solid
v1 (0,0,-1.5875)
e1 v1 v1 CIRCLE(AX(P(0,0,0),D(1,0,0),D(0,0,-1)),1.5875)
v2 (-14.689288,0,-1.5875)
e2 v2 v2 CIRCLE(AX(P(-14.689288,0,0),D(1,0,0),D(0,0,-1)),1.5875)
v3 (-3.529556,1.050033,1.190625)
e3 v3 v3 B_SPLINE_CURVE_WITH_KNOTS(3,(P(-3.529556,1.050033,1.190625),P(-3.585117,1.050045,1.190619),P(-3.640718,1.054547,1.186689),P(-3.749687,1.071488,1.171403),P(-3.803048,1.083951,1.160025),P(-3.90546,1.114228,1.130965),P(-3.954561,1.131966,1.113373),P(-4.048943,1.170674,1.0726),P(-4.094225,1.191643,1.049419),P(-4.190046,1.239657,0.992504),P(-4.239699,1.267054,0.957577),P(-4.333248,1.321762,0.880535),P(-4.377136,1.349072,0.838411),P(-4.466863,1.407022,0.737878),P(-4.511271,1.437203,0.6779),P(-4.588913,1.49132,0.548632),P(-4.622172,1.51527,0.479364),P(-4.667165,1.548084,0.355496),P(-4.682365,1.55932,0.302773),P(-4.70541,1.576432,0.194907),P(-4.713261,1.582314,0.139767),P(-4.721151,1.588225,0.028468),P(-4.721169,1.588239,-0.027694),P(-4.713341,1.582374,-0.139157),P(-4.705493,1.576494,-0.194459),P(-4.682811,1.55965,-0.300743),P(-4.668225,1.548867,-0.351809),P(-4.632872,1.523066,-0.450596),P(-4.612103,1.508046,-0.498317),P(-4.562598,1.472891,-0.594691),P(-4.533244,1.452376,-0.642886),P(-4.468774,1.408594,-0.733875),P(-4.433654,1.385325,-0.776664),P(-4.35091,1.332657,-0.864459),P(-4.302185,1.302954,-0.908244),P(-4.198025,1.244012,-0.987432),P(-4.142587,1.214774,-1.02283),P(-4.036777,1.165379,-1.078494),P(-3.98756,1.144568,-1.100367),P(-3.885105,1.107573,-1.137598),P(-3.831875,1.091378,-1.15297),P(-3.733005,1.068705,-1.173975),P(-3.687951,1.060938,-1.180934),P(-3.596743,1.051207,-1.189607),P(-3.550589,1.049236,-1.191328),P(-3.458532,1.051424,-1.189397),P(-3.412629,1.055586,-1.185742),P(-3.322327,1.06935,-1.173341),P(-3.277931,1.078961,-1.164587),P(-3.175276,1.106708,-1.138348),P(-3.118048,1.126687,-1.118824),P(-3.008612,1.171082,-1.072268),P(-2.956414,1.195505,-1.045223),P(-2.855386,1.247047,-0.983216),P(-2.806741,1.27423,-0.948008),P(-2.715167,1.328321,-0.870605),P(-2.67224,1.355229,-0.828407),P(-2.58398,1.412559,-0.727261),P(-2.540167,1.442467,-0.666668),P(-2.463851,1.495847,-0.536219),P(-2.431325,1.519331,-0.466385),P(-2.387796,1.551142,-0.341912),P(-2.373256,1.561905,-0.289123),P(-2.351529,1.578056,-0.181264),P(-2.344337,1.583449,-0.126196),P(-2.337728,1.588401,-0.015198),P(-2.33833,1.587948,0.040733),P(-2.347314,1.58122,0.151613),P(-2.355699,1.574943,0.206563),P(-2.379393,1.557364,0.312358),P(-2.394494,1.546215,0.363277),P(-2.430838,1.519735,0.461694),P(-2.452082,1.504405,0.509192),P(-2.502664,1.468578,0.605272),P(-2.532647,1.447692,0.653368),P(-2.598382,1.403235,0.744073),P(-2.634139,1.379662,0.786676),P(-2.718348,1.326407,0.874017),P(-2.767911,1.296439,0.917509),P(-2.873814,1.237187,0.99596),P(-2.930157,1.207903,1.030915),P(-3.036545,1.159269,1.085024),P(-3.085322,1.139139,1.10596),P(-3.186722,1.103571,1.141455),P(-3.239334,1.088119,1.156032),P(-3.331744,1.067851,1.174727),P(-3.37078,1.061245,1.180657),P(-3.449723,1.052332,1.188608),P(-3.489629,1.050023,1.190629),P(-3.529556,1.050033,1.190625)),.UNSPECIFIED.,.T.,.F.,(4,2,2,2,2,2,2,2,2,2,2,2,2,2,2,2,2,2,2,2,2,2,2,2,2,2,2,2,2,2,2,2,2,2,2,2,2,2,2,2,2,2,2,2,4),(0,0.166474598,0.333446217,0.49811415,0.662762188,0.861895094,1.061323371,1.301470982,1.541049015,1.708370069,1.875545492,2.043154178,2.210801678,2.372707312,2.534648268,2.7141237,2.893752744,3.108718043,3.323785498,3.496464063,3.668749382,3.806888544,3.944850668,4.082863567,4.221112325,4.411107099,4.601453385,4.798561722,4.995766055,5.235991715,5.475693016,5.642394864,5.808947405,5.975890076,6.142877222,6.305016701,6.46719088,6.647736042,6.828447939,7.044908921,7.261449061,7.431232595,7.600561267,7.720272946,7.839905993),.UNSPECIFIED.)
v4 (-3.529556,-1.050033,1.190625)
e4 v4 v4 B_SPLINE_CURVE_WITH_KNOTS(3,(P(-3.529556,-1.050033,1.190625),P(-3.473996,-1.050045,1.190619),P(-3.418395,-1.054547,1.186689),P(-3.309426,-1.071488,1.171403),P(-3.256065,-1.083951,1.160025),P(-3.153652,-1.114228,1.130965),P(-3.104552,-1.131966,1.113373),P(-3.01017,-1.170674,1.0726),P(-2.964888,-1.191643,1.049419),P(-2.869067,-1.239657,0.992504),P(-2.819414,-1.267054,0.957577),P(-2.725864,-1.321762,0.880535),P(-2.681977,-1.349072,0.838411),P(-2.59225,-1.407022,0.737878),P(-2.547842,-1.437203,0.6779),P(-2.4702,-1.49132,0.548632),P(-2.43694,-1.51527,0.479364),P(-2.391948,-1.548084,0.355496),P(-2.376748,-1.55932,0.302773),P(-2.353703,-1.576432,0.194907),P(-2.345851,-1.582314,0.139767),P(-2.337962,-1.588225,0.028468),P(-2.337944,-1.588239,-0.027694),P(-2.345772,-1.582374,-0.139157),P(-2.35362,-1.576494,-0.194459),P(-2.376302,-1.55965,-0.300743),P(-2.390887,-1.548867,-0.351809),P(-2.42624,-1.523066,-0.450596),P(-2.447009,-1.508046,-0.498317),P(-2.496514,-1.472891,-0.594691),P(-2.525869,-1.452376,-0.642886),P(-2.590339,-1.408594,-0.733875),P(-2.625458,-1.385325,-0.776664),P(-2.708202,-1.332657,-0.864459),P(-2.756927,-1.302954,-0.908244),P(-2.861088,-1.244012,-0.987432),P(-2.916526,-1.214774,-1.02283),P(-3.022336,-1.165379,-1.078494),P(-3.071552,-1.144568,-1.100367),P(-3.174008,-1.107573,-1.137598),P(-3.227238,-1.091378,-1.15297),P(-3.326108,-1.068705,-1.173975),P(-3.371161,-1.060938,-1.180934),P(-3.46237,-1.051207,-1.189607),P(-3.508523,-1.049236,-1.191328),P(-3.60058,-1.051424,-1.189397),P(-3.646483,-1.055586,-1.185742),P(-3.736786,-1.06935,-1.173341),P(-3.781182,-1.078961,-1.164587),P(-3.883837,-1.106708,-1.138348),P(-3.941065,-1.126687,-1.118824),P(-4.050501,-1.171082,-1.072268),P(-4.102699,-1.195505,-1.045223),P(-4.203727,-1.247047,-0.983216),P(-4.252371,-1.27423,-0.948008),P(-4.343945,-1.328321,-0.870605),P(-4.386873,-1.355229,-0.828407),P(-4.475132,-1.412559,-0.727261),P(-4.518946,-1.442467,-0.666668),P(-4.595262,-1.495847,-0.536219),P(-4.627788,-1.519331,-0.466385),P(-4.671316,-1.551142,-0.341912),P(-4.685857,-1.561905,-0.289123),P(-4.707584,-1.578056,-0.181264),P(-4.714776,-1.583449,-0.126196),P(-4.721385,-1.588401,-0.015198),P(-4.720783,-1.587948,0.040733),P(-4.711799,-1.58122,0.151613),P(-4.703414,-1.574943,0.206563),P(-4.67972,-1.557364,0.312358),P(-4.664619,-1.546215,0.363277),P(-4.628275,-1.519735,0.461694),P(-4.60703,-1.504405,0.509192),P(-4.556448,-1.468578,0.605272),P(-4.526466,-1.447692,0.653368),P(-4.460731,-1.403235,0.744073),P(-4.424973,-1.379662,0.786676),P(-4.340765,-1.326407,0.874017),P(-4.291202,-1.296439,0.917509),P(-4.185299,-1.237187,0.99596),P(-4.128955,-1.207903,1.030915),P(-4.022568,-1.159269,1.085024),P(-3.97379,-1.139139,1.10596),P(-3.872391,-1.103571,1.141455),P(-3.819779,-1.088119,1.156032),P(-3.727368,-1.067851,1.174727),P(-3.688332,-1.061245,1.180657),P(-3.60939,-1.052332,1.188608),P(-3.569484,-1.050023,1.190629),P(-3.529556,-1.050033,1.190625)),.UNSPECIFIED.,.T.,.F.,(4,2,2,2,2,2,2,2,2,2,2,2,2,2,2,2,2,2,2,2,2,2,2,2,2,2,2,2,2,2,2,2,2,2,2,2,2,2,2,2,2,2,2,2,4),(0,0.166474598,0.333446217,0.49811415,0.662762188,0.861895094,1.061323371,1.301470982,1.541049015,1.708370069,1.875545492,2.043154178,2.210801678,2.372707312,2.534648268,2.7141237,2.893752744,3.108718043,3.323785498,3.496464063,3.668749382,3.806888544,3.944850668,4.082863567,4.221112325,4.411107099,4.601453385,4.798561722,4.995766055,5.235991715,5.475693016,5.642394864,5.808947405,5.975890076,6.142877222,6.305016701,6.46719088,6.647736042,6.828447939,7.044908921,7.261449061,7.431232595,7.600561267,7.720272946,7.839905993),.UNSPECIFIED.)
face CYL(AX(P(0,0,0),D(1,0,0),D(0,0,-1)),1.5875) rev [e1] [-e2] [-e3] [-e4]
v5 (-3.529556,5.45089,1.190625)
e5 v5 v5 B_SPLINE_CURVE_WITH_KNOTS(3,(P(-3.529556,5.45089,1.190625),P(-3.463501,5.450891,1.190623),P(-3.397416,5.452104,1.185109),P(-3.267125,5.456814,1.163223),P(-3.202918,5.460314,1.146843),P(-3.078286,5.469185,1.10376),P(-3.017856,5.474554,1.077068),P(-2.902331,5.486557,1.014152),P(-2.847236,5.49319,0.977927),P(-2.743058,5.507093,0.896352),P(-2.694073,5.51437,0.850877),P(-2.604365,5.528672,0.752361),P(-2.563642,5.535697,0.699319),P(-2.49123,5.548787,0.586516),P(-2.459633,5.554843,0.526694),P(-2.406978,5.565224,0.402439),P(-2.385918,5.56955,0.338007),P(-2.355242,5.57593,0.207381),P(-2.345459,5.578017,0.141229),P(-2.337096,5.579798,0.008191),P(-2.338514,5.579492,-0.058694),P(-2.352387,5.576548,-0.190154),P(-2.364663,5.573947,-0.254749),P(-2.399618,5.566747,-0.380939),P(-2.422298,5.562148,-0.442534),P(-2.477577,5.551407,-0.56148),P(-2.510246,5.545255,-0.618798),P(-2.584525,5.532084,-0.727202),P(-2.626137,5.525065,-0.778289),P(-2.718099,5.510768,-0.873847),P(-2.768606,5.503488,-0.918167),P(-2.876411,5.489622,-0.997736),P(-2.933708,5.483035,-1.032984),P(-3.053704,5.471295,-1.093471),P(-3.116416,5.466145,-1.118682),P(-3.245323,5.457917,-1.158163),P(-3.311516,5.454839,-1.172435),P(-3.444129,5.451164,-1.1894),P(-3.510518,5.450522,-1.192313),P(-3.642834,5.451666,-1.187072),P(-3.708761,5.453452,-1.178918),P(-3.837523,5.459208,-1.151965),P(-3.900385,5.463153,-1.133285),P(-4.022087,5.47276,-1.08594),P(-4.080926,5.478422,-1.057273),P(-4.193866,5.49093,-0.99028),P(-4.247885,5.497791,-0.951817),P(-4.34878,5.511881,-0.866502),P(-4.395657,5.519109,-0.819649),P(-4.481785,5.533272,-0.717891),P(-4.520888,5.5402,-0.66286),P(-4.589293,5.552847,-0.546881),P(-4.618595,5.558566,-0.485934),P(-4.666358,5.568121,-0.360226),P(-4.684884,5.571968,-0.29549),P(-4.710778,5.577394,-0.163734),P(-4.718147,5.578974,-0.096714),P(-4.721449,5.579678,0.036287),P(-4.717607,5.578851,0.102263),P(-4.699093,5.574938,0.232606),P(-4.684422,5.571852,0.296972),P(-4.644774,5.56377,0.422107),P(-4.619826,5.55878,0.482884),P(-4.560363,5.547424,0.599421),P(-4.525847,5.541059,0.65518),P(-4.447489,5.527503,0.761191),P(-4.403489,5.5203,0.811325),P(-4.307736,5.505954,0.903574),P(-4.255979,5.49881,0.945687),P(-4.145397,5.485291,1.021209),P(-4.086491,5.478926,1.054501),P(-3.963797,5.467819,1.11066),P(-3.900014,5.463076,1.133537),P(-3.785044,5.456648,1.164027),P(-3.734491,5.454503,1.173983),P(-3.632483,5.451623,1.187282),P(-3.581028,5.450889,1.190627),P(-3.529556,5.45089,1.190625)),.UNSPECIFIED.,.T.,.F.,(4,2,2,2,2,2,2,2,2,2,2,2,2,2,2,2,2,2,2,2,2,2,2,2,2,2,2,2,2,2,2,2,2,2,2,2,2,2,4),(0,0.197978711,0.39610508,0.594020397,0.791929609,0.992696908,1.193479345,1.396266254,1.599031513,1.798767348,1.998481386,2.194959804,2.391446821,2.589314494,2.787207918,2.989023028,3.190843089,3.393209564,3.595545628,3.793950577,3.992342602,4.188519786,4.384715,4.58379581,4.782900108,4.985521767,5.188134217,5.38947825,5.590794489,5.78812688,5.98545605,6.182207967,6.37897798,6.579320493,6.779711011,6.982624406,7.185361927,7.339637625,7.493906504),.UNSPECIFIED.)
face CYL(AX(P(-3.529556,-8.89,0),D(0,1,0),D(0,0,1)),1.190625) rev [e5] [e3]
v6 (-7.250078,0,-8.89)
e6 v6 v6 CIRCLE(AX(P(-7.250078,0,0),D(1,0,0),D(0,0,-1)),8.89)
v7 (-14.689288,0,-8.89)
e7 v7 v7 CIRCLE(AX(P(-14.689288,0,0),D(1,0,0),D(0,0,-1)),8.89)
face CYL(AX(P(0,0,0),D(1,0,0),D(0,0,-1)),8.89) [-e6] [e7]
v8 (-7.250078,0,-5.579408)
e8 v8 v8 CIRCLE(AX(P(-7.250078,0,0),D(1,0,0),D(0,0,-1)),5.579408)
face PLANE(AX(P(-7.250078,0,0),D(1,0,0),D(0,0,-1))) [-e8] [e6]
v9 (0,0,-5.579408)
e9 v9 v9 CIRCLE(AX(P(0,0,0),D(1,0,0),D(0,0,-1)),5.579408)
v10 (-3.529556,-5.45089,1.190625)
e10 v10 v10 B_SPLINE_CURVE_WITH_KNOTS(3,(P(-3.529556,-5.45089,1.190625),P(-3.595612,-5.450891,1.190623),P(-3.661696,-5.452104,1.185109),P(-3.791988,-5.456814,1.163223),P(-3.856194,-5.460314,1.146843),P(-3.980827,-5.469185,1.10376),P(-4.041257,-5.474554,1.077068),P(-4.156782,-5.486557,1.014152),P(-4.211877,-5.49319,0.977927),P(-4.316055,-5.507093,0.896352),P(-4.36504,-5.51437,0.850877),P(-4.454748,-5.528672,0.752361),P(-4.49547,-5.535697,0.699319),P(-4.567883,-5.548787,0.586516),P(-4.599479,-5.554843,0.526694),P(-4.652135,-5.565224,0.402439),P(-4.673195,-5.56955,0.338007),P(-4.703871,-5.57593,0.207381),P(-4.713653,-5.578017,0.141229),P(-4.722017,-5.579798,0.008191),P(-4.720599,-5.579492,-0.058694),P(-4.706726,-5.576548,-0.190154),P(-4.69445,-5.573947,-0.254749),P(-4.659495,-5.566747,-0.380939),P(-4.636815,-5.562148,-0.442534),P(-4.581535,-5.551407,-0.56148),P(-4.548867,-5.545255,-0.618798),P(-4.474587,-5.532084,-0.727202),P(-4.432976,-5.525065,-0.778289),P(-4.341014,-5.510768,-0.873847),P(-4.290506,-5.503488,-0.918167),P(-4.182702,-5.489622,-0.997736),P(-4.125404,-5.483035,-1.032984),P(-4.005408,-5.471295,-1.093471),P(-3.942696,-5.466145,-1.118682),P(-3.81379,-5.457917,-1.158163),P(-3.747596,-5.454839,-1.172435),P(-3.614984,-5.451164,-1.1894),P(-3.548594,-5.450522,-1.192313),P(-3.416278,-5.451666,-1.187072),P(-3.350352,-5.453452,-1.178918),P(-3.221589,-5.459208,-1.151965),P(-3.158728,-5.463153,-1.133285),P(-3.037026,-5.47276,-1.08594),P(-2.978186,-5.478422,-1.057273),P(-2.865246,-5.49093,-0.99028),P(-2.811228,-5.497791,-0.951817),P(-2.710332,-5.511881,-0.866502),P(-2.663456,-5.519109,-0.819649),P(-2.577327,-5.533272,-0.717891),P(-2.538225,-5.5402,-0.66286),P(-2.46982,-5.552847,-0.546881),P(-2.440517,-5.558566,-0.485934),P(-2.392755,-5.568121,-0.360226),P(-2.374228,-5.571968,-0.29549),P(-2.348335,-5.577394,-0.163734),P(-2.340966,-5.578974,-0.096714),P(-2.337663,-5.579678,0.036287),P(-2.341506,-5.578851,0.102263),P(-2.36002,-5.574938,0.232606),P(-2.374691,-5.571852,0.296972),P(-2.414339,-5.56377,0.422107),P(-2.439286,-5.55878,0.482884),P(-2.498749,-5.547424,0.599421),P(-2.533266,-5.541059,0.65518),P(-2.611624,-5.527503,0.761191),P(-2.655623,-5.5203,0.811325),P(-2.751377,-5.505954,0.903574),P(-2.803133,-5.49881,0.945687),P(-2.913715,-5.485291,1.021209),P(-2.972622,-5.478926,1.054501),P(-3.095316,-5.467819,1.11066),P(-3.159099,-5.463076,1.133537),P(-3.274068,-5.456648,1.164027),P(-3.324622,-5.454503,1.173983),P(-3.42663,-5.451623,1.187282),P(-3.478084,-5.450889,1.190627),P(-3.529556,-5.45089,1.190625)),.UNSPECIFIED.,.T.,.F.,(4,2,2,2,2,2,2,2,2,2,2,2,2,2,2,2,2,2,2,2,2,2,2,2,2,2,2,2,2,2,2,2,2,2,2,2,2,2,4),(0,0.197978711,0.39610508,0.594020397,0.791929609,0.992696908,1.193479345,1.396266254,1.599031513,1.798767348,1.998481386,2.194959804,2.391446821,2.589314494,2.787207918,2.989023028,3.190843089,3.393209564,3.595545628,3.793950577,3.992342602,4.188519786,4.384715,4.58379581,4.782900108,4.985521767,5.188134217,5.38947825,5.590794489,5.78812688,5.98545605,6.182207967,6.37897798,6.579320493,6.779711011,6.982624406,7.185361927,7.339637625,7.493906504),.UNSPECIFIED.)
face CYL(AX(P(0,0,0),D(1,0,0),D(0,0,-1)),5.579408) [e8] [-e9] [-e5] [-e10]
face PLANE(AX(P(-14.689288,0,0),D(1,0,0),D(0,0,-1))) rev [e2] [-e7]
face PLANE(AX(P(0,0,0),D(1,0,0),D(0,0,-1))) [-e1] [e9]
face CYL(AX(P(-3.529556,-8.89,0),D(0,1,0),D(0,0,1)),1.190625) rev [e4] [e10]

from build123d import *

# Parameters (mm, degrees)
CUT_EXTRUDE1_DEPTH      = 20.334926531
CUT_EXTRUDE1_DEPTH_BACK = 20.334926531
SKETCH2_R               = 1.190625


with BuildPart() as part:
    # Sketch1 → Revolve1 (revolve)
    with BuildSketch(Plane.XY):
        Polygon((0, 1.5875), (0, 5.5794077), (-7.250077802, 5.5794077), (-7.250077802, 8.89), (-14.689288069, 8.89), (-14.689288069, 1.5875), align=None)
    revolve(axis=Axis((0, 0, 0), (-1, 0, 0)))

    # Sketch2 → Cut-Extrude1 (cut, two sides: drawn at the far end of the back side and taken through both)
    with BuildSketch(Plane(origin=(0, 0, 0), x_dir=(1, 0, 0), z_dir=(0, 1, 0)).offset(-CUT_EXTRUDE1_DEPTH_BACK)):
        with Locations((-3.529556327, 0)):
            Circle(SKETCH2_R)
    extrude(amount=CUT_EXTRUDE1_DEPTH + CUT_EXTRUDE1_DEPTH_BACK, mode=Mode.SUBTRACT)


solid = part.part
